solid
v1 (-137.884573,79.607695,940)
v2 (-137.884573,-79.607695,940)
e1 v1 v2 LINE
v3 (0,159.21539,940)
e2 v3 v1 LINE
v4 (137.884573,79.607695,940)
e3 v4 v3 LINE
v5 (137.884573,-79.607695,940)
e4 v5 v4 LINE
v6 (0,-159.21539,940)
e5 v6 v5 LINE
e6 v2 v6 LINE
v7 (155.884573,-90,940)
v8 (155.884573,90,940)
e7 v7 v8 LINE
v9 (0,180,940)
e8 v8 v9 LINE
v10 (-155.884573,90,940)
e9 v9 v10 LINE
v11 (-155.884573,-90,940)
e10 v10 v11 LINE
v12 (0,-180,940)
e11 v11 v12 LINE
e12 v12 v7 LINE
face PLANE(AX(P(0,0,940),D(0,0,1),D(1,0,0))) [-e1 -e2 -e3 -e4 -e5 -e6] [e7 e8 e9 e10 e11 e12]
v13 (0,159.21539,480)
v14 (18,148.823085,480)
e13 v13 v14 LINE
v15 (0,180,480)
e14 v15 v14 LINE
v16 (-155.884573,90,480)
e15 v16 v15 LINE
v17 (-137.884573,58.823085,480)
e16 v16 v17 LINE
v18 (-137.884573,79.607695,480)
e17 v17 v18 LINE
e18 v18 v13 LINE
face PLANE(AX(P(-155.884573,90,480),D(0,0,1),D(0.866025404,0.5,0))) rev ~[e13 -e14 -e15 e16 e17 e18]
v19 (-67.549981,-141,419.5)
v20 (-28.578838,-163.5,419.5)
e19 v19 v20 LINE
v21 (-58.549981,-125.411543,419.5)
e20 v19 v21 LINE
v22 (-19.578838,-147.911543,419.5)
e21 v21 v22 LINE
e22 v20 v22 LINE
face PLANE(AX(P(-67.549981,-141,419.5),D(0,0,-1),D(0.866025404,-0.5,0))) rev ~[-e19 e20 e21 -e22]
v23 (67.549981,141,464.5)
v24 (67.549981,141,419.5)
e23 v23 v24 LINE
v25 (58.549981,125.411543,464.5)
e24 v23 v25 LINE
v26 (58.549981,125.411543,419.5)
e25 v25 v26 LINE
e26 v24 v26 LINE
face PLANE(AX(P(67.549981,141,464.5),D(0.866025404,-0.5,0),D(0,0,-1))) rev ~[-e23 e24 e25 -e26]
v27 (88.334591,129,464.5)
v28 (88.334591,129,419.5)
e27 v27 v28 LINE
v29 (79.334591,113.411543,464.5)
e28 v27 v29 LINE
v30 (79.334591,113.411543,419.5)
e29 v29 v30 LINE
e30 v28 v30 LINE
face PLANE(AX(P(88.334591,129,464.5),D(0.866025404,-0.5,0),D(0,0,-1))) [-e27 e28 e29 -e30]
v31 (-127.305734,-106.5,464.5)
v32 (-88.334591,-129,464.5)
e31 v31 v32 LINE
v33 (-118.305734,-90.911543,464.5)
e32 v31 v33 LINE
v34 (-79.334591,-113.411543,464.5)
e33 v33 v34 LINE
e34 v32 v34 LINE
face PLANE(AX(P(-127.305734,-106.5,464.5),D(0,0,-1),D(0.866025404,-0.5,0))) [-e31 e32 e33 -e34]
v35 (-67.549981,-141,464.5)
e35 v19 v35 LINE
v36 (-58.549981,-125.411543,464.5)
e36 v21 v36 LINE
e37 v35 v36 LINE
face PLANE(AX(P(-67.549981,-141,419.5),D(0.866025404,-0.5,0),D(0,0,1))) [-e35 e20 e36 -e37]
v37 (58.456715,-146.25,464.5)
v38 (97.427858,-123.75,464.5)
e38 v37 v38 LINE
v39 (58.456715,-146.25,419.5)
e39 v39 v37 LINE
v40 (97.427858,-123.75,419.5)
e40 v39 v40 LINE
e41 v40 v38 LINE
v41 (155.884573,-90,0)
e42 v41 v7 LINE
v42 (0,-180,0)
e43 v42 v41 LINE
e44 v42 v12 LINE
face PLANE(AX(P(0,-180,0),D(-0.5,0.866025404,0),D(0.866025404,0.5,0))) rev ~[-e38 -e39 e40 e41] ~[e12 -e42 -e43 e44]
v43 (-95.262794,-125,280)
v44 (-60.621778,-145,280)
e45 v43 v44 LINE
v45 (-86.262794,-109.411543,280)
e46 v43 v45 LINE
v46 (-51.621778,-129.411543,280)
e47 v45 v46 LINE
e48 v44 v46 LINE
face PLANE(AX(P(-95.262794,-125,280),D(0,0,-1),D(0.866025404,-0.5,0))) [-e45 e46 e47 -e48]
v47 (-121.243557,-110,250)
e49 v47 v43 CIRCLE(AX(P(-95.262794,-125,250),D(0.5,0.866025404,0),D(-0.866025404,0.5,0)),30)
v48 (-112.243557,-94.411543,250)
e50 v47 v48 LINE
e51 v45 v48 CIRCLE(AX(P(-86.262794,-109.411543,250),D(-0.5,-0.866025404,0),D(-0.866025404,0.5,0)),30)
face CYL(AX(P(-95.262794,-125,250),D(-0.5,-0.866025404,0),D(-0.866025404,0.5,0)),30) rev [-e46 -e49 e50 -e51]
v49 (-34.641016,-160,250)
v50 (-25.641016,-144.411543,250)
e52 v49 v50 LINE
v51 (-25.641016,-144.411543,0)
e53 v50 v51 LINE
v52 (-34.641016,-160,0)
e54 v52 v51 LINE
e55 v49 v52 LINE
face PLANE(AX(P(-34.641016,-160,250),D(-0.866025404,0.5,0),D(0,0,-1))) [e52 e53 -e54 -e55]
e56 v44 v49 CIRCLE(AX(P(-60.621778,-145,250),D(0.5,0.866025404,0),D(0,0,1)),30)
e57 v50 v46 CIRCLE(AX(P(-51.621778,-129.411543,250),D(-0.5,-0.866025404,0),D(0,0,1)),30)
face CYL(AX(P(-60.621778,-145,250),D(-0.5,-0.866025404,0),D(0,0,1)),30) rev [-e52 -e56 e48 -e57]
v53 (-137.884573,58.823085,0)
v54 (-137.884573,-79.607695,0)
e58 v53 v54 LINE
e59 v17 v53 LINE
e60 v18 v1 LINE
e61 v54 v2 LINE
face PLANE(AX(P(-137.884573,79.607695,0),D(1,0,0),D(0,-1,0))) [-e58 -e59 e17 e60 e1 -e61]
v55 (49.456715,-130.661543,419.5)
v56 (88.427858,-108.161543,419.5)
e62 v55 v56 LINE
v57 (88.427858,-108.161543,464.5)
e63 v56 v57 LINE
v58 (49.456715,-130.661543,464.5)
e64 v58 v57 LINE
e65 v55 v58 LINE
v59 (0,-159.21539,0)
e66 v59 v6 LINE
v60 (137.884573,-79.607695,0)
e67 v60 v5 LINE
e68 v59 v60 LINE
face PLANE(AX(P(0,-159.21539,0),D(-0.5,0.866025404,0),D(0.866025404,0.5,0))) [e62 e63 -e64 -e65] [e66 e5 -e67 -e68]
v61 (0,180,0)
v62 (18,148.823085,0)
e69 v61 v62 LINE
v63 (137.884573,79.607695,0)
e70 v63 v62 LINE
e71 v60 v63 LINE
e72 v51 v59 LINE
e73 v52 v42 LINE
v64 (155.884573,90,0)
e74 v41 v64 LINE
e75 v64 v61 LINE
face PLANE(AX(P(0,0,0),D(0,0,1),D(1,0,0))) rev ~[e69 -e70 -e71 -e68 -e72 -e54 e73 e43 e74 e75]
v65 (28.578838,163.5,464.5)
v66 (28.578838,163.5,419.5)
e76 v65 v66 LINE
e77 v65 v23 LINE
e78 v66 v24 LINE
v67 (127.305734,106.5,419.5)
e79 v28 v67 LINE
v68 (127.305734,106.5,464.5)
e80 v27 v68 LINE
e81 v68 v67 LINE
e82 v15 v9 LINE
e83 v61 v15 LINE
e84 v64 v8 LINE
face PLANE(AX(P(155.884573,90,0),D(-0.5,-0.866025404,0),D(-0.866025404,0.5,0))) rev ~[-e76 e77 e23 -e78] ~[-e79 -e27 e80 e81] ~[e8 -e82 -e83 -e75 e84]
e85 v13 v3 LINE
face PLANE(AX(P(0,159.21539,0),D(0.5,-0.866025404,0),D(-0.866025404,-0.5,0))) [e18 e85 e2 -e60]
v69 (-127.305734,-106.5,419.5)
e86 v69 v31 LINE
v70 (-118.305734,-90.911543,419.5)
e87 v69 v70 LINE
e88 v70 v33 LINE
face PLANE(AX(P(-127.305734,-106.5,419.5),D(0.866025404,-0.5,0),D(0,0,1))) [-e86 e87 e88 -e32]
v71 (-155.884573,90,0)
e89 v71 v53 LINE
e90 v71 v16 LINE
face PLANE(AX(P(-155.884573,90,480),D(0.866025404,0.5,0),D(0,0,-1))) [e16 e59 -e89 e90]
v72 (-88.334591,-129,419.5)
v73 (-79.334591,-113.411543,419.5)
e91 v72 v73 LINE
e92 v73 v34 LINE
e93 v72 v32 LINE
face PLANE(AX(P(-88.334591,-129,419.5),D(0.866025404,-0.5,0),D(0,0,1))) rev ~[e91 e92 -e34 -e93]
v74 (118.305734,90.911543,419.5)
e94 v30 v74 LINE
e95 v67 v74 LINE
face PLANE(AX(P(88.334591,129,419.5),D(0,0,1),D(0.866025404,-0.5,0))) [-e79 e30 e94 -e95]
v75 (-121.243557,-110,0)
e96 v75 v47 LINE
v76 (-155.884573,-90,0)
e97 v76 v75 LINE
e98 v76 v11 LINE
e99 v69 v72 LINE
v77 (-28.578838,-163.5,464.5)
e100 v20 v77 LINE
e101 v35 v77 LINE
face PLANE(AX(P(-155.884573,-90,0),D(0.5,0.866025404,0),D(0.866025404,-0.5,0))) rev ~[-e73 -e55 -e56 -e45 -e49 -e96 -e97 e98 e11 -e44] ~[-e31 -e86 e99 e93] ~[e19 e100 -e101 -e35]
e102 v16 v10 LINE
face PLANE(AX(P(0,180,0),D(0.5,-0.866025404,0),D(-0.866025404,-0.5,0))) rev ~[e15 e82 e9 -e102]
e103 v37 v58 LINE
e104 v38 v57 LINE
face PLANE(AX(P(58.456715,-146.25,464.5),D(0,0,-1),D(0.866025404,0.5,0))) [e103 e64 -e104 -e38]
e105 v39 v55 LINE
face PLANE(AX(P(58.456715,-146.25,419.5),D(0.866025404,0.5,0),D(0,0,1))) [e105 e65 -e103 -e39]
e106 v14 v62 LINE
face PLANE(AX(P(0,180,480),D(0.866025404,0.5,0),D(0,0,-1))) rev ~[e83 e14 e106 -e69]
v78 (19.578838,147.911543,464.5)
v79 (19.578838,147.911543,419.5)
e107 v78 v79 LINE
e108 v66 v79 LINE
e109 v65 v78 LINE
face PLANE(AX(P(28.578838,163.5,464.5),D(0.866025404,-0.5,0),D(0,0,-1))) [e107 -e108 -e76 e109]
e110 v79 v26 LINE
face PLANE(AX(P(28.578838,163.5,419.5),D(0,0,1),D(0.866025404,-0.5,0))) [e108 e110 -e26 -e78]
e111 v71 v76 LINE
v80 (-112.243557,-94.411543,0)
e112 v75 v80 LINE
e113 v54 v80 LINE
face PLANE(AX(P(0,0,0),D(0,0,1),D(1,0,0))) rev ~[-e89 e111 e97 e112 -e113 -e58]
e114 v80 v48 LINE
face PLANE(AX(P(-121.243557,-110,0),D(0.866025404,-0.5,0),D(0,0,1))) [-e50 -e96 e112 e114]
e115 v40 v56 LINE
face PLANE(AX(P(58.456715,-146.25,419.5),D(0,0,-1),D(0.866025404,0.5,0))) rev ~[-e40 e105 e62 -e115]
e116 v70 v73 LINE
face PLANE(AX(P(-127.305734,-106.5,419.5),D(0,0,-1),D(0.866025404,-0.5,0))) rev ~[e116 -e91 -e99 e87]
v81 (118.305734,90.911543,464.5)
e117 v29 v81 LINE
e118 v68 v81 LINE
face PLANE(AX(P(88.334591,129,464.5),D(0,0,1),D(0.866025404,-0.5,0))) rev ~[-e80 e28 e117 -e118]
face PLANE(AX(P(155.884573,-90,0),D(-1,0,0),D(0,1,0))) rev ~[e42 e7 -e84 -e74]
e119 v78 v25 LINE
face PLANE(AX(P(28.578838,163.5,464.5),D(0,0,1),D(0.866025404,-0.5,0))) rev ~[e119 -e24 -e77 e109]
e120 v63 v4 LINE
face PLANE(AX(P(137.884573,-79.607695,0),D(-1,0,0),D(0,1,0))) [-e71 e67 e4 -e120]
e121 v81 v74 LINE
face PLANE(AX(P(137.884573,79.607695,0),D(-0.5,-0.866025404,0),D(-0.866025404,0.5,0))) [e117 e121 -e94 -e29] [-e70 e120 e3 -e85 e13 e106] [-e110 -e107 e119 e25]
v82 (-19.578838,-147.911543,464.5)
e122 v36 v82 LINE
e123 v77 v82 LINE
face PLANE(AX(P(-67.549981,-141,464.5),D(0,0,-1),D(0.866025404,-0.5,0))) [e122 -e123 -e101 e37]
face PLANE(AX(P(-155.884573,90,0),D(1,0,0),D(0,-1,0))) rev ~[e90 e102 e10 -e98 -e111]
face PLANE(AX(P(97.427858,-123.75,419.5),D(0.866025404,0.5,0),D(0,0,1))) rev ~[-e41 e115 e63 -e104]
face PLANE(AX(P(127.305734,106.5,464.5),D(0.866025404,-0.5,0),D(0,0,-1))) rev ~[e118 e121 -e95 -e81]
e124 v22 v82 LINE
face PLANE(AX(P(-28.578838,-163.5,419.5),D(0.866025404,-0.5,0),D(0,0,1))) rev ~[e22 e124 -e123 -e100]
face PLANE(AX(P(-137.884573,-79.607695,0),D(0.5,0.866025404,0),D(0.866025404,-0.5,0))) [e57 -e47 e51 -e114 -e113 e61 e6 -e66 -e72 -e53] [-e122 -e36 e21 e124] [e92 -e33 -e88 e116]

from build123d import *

# Parameters (mm, degrees)
BOSS_EXTRUDE2_DEPTH = 940
CUT_EXTRUDE3_REACH  = 1020.577
SKETCH4_W           = 45
SKETCH4_H           = 45
CUT_EXTRUDE4_REACH  = 1020.577
SKETCH5_W           = 45
SKETCH5_H           = 45
CUT_EXTRUDE6_REACH  = 1020.577
SKETCH7_W           = 180
SKETCH7_H           = 480
SKETCH9_W           = 45
SKETCH9_H           = 45
CUT_EXTRUDE7_DEPTH  = 18


with BuildPart() as part:
    # Sketch1 → Boss-Extrude2 (new body)
    with BuildSketch(Plane.XY):
        Polygon((0, 180), (-155.884572681, 90), (-155.884572681, -90), (0, -180), (155.884572681, -90), (155.884572681, 90), align=None)
        Polygon((-137.884572681, 79.607695155), (-137.884572681, -79.607695155), (0, -159.215390309), (137.884572681, -79.607695155), (137.884572681, 79.607695155), (0, 159.215390309), align=None, mode=Mode.SUBTRACT)
    extrude(amount=BOSS_EXTRUDE2_DEPTH)

    # Sketch4 → Cut-Extrude3 (cut, up to next)
    with BuildSketch(Plane(origin=(77.942286341, -135, 0), x_dir=(0.8660254037844388, 0.4999999999999997, 0), z_dir=(0.4999999999999997, -0.8660254037844388, 0)), mode=Mode.PRIVATE) as cut_extrude3_sk1:
        with Locations((0, 442)):
            Rectangle(SKETCH4_W, SKETCH4_H)
    cut_extrude3_tool1 = extrude(cut_extrude3_sk1.sketch, amount=-CUT_EXTRUDE3_REACH, mode=Mode.PRIVATE) & part.part
    add(cut_extrude3_tool1.solids().sort_by_distance((77.942286, -135, 442))[0], mode=Mode.SUBTRACT)

    # Sketch5 → Cut-Extrude4 (cut, up to next)
    with BuildSketch(Plane(origin=(-77.942286341, -135, 0), x_dir=(0.8660254037844386, -0.5000000000000001, 0), z_dir=(-0.5000000000000001, -0.8660254037844386, 0)), mode=Mode.PRIVATE) as cut_extrude4_sk1:
        with Locations((34.5, 442)):
            Rectangle(SKETCH5_W, SKETCH5_H)
    cut_extrude4_tool1 = extrude(cut_extrude4_sk1.sketch, amount=-CUT_EXTRUDE4_REACH, mode=Mode.PRIVATE) & part.part
    # Sketch5 → Cut-Extrude4 (cut, up to next)
    with BuildSketch(Plane(origin=(-77.942286341, -135, 0), x_dir=(0.8660254037844386, -0.5000000000000001, 0), z_dir=(-0.5000000000000001, -0.8660254037844386, 0)), mode=Mode.PRIVATE) as cut_extrude4_sk2:
        with Locations((-34.5, 442)):
            Rectangle(SKETCH5_W, SKETCH5_H)
    cut_extrude4_tool2 = extrude(cut_extrude4_sk2.sketch, amount=-CUT_EXTRUDE4_REACH, mode=Mode.PRIVATE) & part.part
    # Sketch5 → Cut-Extrude4 (cut, up to next)
    with BuildSketch(Plane(origin=(-77.942286341, -135, 0), x_dir=(0.8660254037844386, -0.5000000000000001, 0), z_dir=(-0.5000000000000001, -0.8660254037844386, 0)), mode=Mode.PRIVATE) as cut_extrude4_sk3:
        with BuildLine():
            Line((-20, 280), (20, 280))
            ThreePointArc((20, 280), (41.213203436, 271.213203436), (50, 250))
            Line((50, 250), (50, 0))
            Line((50, 0), (-50, 0))
            Line((-50, 0), (-50, 250))
            ThreePointArc((-50, 250), (-41.213203436, 271.213203436), (-20, 280))
        make_face()
    cut_extrude4_tool3 = extrude(cut_extrude4_sk3.sketch, amount=-CUT_EXTRUDE4_REACH, mode=Mode.PRIVATE) & part.part
    add(cut_extrude4_tool1.solids().sort_by_distance((-48.06441, -152.25, 442))[0], mode=Mode.SUBTRACT)
    add(cut_extrude4_tool2.solids().sort_by_distance((-107.820163, -117.75, 442))[0], mode=Mode.SUBTRACT)
    add(cut_extrude4_tool3.solids().sort_by_distance((-77.942286, -135, 138.135305))[0], mode=Mode.SUBTRACT)

    # Sketch7 → Cut-Extrude6 (cut, up to next)
    with BuildSketch(Plane(origin=(-77.942286341, 135, 0), x_dir=(0.8660254037844388, 0.49999999999999983, 0), z_dir=(-0.4999999999999998, 0.8660254037844387, 0)), mode=Mode.PRIVATE) as cut_extrude6_sk1:
        with Locations((0, -240)):
            Rectangle(SKETCH7_W, SKETCH7_H)
    cut_extrude6_tool1 = extrude(cut_extrude6_sk1.sketch, amount=-CUT_EXTRUDE6_REACH, mode=Mode.PRIVATE) & part.part
    add(cut_extrude6_tool1.solids().sort_by_distance((-77.942286, 135, 240))[0], mode=Mode.SUBTRACT)

    # Sketch9 → Cut-Extrude7 (cut)
    with BuildSketch(Plane(origin=(77.942286341, 135, 0), x_dir=(0.8660254037844386, -0.4999999999999999, 0), z_dir=(0.49999999999999994, 0.8660254037844387, 0))):
        with Locations((-34.5, -442)):
            Rectangle(SKETCH9_W, SKETCH9_H)
        with Locations((34.5, -442)):
            Rectangle(SKETCH9_W, SKETCH9_H)
    extrude(amount=-CUT_EXTRUDE7_DEPTH, mode=Mode.SUBTRACT)


solid = part.part
